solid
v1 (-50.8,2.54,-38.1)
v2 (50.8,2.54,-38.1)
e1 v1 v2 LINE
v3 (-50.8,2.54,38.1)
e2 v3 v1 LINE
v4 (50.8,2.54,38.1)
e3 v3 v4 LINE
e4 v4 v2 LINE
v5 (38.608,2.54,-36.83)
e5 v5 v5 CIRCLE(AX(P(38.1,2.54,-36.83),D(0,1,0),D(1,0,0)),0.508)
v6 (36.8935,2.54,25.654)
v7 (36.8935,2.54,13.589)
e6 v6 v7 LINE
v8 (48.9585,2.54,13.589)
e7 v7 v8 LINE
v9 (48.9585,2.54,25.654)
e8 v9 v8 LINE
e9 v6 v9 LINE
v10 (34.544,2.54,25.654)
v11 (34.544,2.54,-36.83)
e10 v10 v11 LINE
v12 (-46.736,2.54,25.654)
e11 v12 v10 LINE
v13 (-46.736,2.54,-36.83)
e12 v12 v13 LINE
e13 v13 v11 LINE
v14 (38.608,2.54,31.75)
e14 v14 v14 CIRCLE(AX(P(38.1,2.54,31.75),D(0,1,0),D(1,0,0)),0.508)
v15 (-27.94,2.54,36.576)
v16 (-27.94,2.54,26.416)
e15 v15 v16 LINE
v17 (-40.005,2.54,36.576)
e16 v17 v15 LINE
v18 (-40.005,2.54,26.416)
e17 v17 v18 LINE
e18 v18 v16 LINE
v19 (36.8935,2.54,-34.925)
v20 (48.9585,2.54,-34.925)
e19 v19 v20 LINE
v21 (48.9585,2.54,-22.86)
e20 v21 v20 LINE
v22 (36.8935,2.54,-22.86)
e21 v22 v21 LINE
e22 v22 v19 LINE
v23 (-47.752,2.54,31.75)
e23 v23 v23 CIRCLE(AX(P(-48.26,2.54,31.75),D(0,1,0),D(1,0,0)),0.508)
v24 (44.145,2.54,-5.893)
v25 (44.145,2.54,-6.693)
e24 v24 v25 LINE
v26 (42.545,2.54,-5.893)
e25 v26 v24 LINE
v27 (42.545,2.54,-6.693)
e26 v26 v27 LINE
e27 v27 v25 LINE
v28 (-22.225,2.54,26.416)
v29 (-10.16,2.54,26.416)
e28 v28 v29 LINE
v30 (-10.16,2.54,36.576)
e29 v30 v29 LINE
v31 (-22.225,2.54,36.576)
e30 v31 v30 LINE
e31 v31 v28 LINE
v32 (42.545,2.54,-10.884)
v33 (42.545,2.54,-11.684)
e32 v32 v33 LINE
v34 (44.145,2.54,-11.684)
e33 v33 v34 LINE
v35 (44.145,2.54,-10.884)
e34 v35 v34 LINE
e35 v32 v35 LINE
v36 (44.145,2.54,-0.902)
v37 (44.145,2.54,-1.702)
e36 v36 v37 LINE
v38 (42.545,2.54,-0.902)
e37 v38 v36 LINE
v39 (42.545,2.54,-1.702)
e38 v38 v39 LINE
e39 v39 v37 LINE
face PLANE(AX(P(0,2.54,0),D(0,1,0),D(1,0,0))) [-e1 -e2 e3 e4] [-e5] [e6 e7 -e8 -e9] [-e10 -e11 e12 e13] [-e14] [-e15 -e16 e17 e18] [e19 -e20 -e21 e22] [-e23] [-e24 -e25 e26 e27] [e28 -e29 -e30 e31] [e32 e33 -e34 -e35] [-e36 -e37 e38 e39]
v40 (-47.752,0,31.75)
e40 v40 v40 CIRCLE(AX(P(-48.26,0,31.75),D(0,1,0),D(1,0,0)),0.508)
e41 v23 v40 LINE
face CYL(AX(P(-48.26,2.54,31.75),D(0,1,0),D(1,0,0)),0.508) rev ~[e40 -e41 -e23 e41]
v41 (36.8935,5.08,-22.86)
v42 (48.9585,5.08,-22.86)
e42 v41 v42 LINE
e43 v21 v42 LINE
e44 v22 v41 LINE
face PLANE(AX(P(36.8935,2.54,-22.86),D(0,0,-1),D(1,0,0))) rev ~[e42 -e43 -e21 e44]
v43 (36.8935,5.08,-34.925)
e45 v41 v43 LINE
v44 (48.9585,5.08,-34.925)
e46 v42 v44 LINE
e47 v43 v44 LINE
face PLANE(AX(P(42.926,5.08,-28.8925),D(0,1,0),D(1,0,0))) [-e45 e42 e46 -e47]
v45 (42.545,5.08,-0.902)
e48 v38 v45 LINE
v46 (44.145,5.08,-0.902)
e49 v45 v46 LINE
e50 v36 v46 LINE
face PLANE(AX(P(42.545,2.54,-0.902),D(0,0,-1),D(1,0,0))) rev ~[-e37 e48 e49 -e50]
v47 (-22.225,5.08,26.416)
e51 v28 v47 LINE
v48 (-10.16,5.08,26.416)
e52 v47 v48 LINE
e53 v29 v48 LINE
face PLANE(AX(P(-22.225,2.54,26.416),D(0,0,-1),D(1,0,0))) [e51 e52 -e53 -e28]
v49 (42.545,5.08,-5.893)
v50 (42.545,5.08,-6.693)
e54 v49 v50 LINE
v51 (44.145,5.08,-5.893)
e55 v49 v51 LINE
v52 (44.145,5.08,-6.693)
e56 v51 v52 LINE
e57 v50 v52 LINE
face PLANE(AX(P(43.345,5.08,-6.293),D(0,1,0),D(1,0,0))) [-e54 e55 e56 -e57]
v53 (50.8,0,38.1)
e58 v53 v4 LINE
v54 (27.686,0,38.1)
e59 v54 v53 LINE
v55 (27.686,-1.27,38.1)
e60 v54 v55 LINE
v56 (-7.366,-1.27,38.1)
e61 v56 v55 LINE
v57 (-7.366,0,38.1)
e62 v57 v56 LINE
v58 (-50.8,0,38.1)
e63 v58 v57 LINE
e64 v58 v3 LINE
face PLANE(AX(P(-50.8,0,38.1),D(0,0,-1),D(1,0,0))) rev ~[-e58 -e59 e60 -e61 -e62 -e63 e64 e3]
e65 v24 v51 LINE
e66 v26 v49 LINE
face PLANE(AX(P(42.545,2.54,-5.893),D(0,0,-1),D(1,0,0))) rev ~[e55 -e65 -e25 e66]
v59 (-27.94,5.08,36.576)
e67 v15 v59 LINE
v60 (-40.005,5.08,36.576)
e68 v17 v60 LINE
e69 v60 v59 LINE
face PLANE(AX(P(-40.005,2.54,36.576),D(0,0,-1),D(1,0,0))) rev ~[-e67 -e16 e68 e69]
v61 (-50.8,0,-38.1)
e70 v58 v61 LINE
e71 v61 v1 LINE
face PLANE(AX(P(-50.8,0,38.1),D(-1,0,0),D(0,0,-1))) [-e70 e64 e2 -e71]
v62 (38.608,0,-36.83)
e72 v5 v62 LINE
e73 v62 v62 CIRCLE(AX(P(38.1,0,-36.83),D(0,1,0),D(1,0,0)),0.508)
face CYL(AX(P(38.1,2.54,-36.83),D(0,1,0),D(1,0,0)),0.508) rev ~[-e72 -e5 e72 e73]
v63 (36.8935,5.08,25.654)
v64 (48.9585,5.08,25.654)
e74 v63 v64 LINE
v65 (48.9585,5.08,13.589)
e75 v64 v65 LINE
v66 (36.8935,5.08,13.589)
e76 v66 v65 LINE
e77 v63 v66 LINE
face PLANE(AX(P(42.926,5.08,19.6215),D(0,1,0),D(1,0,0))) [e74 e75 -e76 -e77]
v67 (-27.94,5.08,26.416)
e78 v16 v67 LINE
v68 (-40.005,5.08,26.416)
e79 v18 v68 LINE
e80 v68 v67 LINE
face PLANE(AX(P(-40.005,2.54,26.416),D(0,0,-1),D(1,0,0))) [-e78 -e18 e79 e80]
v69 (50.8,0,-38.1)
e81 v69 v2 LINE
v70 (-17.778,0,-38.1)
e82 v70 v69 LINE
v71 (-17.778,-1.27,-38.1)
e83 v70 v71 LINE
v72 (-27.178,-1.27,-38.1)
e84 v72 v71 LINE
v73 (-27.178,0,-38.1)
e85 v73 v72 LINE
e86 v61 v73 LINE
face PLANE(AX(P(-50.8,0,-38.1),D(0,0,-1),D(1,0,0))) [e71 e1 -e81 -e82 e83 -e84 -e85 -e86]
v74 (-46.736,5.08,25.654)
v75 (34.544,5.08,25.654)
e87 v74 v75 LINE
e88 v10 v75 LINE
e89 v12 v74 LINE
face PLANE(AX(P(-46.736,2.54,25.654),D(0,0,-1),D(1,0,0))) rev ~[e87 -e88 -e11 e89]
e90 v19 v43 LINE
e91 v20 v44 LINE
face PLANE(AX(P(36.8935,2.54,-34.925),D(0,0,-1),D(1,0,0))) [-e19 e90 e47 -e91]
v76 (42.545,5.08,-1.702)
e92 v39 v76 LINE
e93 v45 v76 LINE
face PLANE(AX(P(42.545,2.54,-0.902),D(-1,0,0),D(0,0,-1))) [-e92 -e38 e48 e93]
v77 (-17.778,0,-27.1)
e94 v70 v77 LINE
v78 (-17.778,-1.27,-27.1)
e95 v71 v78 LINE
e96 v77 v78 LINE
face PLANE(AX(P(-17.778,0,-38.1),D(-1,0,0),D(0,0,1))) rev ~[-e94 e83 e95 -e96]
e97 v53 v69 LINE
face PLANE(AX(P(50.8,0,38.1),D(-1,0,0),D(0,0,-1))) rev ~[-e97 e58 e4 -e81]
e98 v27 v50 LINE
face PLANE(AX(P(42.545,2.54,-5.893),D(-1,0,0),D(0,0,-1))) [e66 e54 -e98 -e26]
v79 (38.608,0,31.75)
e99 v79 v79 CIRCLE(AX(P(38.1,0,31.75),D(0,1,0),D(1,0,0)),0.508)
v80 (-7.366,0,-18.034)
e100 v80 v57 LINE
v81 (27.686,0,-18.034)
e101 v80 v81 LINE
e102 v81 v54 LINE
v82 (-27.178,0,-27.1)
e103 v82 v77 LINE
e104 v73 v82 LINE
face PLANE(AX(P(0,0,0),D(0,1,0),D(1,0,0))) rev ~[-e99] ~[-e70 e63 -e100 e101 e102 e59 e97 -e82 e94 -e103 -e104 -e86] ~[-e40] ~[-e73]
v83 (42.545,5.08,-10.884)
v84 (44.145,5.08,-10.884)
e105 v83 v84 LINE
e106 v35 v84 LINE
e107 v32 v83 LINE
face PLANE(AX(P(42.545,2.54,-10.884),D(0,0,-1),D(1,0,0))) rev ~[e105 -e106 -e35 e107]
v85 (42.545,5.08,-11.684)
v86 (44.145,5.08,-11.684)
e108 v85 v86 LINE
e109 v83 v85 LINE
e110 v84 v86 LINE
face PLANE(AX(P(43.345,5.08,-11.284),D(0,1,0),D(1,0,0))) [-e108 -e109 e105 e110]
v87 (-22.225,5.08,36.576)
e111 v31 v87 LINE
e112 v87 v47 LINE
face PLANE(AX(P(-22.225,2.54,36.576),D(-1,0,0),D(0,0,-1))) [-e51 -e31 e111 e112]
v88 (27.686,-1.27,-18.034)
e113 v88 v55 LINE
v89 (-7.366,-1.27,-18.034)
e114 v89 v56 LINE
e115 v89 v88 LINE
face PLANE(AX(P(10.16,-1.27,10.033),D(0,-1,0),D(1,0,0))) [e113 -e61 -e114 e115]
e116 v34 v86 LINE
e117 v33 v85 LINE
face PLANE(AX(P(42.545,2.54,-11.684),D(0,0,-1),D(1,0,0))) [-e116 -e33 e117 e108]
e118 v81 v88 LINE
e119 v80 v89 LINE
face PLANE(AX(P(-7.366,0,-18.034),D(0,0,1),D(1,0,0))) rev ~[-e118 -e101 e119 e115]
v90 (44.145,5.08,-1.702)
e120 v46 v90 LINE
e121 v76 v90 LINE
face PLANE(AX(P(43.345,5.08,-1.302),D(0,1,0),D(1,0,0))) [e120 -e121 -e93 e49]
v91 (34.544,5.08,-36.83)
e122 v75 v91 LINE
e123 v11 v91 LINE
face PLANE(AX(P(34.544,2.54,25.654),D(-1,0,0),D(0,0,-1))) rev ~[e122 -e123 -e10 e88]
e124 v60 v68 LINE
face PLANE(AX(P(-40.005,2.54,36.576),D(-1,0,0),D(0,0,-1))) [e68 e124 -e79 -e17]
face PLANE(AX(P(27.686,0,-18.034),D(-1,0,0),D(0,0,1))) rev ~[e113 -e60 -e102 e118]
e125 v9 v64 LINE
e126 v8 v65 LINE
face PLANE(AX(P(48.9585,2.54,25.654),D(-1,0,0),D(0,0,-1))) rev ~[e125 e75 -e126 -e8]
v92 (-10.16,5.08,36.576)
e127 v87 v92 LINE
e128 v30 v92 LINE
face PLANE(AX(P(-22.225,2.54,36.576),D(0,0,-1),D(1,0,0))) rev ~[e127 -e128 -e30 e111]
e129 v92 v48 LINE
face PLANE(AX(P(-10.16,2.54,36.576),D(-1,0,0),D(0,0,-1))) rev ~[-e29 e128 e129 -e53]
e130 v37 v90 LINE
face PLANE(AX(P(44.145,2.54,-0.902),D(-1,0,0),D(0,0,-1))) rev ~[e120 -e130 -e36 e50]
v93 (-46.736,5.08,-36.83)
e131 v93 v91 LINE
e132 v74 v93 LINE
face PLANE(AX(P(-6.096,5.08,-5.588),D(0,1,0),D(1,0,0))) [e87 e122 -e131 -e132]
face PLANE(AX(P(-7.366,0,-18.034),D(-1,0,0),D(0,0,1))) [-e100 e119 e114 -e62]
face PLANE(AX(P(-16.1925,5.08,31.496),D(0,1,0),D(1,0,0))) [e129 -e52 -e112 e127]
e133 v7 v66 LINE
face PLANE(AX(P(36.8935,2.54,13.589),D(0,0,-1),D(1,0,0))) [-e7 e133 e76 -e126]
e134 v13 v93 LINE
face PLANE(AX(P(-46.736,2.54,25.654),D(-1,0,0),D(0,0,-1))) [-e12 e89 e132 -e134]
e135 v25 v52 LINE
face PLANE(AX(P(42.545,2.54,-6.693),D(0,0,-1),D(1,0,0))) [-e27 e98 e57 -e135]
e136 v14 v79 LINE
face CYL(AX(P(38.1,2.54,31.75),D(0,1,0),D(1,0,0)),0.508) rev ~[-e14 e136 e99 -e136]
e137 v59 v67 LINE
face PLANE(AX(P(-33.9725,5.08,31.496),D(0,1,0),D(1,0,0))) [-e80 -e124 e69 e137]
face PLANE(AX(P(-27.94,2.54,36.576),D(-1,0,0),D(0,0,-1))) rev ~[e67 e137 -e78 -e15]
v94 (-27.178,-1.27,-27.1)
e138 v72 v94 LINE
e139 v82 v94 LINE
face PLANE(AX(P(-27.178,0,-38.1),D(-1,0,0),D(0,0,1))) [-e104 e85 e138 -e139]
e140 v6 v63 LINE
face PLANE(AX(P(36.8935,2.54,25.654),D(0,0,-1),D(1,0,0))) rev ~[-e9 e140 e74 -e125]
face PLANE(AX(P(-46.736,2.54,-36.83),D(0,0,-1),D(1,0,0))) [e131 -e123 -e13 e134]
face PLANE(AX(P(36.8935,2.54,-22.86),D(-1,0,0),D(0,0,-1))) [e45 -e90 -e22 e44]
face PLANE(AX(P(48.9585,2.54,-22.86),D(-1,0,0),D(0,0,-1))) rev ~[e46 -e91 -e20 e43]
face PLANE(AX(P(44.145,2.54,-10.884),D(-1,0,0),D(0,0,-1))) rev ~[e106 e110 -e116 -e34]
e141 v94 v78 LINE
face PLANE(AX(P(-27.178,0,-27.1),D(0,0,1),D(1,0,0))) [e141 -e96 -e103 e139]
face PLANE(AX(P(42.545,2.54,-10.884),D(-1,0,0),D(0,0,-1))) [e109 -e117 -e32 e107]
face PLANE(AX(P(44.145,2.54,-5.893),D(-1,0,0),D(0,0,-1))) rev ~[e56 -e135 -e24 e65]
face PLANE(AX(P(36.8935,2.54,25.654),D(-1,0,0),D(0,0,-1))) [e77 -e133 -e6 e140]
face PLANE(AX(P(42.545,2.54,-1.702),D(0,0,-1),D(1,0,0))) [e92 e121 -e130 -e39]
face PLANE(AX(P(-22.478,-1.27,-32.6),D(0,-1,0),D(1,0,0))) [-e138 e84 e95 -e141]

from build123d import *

# Parameters (mm, degrees)
SKETCH1_W           = 101.6
SKETCH1_H           = 76.2
BOSS_EXTRUDE1_DEPTH = 2.54
SKETCH3_W           = 35.052
SKETCH3_H           = 56.134
SKETCH3_W_2         = 9.4
SKETCH3_H_2         = 11
BOSS_EXTRUDE4_DEPTH = 1.27
SKETCH2_W           = 1.6
SKETCH2_H           = 0.8
SKETCH2_W_2         = 81.28
SKETCH2_H_2         = 62.484
SKETCH2_W_3         = 12.065
SKETCH2_H_3         = 12.065
SKETCH2_H_4         = 10.16
BOSS_EXTRUDE5_DEPTH = 2.54
SKETCH2_3_R         = 0.508
CUT_EXTRUDE1_DEPTH  = 64.614197315


with BuildPart() as part:
    # Sketch1 → Boss-Extrude1 (new body)
    with BuildSketch(Plane(origin=(0, 0, 0), x_dir=(1, 0, 0), z_dir=(0, 1, 0))):
        Rectangle(SKETCH1_W, SKETCH1_H)
    extrude(amount=BOSS_EXTRUDE1_DEPTH)

    # Sketch3 → Boss-Extrude4 (add)
    with BuildSketch(Plane.XZ):
        with Locations((10.16, 10.033)):
            Rectangle(SKETCH3_W, SKETCH3_H)
        with Locations((-22.478, -32.6)):
            Rectangle(SKETCH3_W_2, SKETCH3_H_2)
    extrude(amount=BOSS_EXTRUDE4_DEPTH)

    # Sketch2 → Boss-Extrude5 (add)
    with BuildSketch(Plane(origin=(0, 2.54, 0), x_dir=(1, 0, 0), z_dir=(0, 1, 0))):
        with Locations((43.345, 6.293)):
            Rectangle(SKETCH2_W, SKETCH2_H)
        with Locations((-6.096, 5.588)):
            Rectangle(SKETCH2_W_2, SKETCH2_H_2)
        with Locations((42.926, 28.8925)):
            Rectangle(SKETCH2_W_3, SKETCH2_H_3)
        with Locations((42.926, -19.6215)):
            Rectangle(SKETCH2_W_3, SKETCH2_H_3)
        with Locations((43.345, 1.302)):
            Rectangle(SKETCH2_W, SKETCH2_H)
        with Locations((43.345, 11.284)):
            Rectangle(SKETCH2_W, SKETCH2_H)
        with Locations((-33.9725, -31.496)):
            Rectangle(SKETCH2_W_3, SKETCH2_H_4)
        with Locations((-16.1925, -31.496)):
            Rectangle(SKETCH2_W_3, SKETCH2_H_4)
    extrude(amount=BOSS_EXTRUDE5_DEPTH)

    # Sketch2<3> → Cut-Extrude1 (cut, through all)
    with BuildSketch(Plane(origin=(0, 2.54, 0), x_dir=(1, 0, 0), z_dir=(0, 1, 0))):
        with Locations((-48.26, -31.75)):
            Circle(SKETCH2_3_R)
        with Locations((38.1, 36.83)):
            Circle(SKETCH2_3_R)
        with Locations((38.1, -31.75)):
            Circle(SKETCH2_3_R)
    extrude(amount=-CUT_EXTRUDE1_DEPTH, mode=Mode.SUBTRACT)


solid = part.part
